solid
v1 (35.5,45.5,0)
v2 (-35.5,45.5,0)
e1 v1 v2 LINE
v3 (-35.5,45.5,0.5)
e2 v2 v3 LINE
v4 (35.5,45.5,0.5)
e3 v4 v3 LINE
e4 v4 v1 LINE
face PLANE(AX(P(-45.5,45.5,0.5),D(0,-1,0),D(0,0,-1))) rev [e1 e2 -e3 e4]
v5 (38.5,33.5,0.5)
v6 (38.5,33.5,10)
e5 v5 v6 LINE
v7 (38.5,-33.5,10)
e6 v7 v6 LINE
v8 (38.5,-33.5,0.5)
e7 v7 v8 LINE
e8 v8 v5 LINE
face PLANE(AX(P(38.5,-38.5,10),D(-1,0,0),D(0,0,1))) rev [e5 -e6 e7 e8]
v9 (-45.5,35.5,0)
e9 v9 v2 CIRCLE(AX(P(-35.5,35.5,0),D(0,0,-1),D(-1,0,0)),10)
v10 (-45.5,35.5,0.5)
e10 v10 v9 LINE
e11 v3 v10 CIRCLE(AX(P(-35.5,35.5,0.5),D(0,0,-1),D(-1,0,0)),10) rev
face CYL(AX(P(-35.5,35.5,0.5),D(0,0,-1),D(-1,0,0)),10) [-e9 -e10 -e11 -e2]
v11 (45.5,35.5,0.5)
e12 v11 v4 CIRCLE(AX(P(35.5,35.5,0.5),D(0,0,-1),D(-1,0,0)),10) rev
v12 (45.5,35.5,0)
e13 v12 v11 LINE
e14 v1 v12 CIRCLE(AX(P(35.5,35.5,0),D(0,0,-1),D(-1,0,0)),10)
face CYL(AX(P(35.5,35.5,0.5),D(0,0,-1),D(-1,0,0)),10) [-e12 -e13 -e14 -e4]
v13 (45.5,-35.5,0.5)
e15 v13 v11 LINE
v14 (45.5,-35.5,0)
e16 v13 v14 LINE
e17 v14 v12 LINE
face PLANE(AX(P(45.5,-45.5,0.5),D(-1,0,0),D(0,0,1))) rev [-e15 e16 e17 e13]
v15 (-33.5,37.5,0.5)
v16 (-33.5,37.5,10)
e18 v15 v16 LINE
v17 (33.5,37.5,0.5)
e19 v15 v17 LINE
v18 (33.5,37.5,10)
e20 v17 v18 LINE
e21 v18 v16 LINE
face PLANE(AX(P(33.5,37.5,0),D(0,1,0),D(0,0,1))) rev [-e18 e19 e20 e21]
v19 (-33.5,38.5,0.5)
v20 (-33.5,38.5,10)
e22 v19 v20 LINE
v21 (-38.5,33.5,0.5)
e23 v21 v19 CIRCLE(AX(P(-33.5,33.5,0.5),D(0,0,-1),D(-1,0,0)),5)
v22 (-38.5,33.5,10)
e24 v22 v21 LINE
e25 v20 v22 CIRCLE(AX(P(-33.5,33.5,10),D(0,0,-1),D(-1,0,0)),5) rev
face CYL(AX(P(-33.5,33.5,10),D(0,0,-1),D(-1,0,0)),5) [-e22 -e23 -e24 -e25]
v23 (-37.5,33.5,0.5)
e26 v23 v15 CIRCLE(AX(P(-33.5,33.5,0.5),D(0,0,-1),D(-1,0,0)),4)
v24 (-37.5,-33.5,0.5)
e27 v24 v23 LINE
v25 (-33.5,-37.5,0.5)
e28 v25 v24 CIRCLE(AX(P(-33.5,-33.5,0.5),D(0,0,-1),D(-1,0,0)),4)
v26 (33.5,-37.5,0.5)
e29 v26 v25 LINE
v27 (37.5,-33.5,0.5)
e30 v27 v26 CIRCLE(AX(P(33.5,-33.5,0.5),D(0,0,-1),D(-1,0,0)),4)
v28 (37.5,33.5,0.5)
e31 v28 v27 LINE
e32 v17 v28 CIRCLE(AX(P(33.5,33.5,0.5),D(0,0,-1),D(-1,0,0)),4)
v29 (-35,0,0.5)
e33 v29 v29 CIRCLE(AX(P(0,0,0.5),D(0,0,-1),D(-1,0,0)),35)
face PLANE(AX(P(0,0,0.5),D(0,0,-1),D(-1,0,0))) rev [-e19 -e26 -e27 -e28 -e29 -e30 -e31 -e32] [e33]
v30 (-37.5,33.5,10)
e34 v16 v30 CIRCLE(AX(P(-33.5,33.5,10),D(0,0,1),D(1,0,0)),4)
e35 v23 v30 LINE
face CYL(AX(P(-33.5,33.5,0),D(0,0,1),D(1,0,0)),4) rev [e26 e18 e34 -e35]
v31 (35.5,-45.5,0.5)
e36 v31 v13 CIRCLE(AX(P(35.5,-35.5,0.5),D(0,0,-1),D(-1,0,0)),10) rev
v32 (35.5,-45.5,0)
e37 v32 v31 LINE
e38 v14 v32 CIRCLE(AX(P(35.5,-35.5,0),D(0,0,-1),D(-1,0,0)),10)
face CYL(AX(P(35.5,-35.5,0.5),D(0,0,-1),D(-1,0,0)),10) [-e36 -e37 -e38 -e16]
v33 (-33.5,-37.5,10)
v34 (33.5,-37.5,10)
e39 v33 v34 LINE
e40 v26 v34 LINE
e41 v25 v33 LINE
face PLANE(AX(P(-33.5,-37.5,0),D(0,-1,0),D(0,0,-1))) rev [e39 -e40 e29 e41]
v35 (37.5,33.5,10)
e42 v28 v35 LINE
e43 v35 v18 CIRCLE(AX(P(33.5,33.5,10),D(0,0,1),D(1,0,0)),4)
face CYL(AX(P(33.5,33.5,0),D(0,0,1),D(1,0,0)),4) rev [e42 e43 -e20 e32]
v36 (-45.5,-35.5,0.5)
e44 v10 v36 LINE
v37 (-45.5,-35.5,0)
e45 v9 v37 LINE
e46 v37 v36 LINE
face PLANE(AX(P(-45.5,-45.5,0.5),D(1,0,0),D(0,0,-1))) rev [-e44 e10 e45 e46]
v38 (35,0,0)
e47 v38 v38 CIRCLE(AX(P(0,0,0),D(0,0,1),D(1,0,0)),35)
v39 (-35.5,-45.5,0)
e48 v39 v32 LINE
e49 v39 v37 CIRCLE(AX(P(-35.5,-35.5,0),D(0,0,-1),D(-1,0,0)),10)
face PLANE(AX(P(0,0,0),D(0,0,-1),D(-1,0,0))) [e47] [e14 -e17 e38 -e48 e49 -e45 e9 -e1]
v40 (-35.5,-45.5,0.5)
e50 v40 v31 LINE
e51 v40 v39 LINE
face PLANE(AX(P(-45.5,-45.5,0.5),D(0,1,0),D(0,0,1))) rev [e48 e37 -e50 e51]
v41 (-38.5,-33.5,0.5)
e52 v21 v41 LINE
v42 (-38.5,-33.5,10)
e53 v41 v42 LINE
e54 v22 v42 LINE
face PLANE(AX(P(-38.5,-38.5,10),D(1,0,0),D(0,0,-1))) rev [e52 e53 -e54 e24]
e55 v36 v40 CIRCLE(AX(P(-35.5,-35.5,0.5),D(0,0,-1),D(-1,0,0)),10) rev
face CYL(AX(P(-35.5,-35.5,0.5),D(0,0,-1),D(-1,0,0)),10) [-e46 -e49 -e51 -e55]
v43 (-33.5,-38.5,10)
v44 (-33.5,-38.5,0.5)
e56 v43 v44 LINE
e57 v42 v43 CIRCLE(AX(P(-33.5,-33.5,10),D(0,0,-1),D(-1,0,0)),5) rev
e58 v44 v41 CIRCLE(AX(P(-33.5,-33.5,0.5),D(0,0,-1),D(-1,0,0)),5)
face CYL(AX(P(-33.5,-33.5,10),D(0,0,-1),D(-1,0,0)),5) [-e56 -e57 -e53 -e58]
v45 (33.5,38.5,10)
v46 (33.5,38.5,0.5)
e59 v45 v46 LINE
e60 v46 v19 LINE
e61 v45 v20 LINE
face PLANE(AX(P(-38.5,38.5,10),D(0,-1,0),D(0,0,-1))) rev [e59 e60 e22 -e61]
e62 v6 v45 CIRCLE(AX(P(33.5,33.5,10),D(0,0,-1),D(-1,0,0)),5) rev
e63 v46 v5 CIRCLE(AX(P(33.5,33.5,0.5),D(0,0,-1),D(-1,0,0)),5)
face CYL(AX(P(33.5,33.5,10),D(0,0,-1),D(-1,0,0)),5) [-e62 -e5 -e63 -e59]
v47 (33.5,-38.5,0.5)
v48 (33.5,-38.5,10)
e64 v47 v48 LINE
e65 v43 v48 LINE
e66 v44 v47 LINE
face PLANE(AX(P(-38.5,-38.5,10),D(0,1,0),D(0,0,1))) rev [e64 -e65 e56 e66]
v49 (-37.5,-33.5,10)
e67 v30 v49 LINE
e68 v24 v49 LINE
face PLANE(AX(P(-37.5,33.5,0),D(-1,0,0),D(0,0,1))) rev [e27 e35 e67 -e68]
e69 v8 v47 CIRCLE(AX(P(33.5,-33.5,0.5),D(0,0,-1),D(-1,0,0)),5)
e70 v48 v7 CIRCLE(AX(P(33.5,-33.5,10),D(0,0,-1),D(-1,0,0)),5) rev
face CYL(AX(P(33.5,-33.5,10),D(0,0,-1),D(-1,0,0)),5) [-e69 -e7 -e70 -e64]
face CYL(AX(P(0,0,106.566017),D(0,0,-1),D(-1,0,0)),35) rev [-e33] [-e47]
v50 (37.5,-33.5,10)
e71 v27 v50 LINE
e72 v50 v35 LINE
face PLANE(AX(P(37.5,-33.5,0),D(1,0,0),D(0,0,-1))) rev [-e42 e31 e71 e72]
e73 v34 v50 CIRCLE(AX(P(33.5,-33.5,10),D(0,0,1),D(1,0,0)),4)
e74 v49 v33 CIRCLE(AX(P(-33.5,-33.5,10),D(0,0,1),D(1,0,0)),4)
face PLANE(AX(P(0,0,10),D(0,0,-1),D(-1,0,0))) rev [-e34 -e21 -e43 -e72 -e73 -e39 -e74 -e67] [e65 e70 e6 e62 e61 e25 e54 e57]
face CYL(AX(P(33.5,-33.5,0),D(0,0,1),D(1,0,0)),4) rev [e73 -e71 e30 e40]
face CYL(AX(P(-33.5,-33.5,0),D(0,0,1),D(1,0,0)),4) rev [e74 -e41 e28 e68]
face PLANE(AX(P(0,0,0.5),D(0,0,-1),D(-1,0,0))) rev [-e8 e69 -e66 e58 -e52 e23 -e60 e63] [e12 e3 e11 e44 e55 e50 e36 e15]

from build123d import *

# Parameters (mm, degrees)
SKETCH1_W           = 91
SKETCH1_H           = 91
BOSS_EXTRUDE1_DEPTH = 0.5
SKETCH2_W           = 77
SKETCH2_H           = 77
BOSS_EXTRUDE2_DEPTH = 10
FILLET1_R           = 5
CUT_EXTRUDE1_DEPTH  = 66.119121616
FILLET2_R           = 10
BOSS_EXTRUDE3_START = 0.5
SKETCH7_R           = 35
BOSS_EXTRUDE3_DEPTH = 0.5


with BuildPart() as part:
    # Sketch1 → Boss-Extrude1 (new body)
    with BuildSketch(Plane.XY):
        Rectangle(SKETCH1_W, SKETCH1_H)
    extrude(amount=BOSS_EXTRUDE1_DEPTH)

    # Sketch2 → Boss-Extrude2 (add)
    with BuildSketch(Plane.XY):
        Rectangle(SKETCH2_W, SKETCH2_H)
    extrude(amount=BOSS_EXTRUDE2_DEPTH)

    # Fillet1
    fillet1_edges = [part.edges().sort_by_distance(p)[0] for p in [
        (38.5, -38.5, 5.25),
        (38.5, 38.5, 5.25),
        (-38.5, 38.5, 5.25),
        (-38.5, -38.5, 5.25),
    ]]
    fillet(fillet1_edges, radius=FILLET1_R)

    # Sketch4 → Cut-Extrude1 (cut, through all)
    with BuildSketch(Plane.XY.offset(10)):
        with BuildLine():
            Line((-33.5, -37.5), (33.5, -37.5))
            ThreePointArc((33.5, -37.5), (36.328427125, -36.328427125), (37.5, -33.5))
            Line((37.5, -33.5), (37.5, 33.5))
            ThreePointArc((37.5, 33.5), (36.328427125, 36.328427125), (33.5, 37.5))
            Line((33.5, 37.5), (-33.5, 37.5))
            ThreePointArc((-33.5, 37.5), (-36.328427125, 36.328427125), (-37.5, 33.5))
            Line((-37.5, 33.5), (-37.5, -33.5))
            ThreePointArc((-37.5, -33.5), (-36.328427125, -36.328427125), (-33.5, -37.5))
        make_face()
    extrude(amount=-CUT_EXTRUDE1_DEPTH, mode=Mode.SUBTRACT)

    # Fillet2
    fillet2_edges = [part.edges().sort_by_distance(p)[0] for p in [
        (45.5, -45.5, 0.25),
        (-45.5, -45.5, 0.25),
        (-45.5, 45.5, 0.25),
        (45.5, 45.5, 0.25),
    ]]
    fillet(fillet2_edges, radius=FILLET2_R)

    # Sketch7 → Boss-Extrude3 (add)
    with BuildSketch(Plane.XY.offset(BOSS_EXTRUDE3_START)):
        with BuildLine():
            Line((-33.5, -37.5), (33.5, -37.5))
            ThreePointArc((33.5, -37.5), (36.328427125, -36.328427125), (37.5, -33.5))
            Line((37.5, -33.5), (37.5, 33.5))
            ThreePointArc((37.5, 33.5), (36.328427125, 36.328427125), (33.5, 37.5))
            Line((33.5, 37.5), (-33.5, 37.5))
            ThreePointArc((-33.5, 37.5), (-36.328427125, 36.328427125), (-37.5, 33.5))
            Line((-37.5, 33.5), (-37.5, -33.5))
            ThreePointArc((-37.5, -33.5), (-36.328427125, -36.328427125), (-33.5, -37.5))
        make_face()
        with Locations(Location((0, 0, 0), (0, 0, 180))):
            Circle(SKETCH7_R, mode=Mode.SUBTRACT)
    extrude(amount=-BOSS_EXTRUDE3_DEPTH)


solid = part.part
